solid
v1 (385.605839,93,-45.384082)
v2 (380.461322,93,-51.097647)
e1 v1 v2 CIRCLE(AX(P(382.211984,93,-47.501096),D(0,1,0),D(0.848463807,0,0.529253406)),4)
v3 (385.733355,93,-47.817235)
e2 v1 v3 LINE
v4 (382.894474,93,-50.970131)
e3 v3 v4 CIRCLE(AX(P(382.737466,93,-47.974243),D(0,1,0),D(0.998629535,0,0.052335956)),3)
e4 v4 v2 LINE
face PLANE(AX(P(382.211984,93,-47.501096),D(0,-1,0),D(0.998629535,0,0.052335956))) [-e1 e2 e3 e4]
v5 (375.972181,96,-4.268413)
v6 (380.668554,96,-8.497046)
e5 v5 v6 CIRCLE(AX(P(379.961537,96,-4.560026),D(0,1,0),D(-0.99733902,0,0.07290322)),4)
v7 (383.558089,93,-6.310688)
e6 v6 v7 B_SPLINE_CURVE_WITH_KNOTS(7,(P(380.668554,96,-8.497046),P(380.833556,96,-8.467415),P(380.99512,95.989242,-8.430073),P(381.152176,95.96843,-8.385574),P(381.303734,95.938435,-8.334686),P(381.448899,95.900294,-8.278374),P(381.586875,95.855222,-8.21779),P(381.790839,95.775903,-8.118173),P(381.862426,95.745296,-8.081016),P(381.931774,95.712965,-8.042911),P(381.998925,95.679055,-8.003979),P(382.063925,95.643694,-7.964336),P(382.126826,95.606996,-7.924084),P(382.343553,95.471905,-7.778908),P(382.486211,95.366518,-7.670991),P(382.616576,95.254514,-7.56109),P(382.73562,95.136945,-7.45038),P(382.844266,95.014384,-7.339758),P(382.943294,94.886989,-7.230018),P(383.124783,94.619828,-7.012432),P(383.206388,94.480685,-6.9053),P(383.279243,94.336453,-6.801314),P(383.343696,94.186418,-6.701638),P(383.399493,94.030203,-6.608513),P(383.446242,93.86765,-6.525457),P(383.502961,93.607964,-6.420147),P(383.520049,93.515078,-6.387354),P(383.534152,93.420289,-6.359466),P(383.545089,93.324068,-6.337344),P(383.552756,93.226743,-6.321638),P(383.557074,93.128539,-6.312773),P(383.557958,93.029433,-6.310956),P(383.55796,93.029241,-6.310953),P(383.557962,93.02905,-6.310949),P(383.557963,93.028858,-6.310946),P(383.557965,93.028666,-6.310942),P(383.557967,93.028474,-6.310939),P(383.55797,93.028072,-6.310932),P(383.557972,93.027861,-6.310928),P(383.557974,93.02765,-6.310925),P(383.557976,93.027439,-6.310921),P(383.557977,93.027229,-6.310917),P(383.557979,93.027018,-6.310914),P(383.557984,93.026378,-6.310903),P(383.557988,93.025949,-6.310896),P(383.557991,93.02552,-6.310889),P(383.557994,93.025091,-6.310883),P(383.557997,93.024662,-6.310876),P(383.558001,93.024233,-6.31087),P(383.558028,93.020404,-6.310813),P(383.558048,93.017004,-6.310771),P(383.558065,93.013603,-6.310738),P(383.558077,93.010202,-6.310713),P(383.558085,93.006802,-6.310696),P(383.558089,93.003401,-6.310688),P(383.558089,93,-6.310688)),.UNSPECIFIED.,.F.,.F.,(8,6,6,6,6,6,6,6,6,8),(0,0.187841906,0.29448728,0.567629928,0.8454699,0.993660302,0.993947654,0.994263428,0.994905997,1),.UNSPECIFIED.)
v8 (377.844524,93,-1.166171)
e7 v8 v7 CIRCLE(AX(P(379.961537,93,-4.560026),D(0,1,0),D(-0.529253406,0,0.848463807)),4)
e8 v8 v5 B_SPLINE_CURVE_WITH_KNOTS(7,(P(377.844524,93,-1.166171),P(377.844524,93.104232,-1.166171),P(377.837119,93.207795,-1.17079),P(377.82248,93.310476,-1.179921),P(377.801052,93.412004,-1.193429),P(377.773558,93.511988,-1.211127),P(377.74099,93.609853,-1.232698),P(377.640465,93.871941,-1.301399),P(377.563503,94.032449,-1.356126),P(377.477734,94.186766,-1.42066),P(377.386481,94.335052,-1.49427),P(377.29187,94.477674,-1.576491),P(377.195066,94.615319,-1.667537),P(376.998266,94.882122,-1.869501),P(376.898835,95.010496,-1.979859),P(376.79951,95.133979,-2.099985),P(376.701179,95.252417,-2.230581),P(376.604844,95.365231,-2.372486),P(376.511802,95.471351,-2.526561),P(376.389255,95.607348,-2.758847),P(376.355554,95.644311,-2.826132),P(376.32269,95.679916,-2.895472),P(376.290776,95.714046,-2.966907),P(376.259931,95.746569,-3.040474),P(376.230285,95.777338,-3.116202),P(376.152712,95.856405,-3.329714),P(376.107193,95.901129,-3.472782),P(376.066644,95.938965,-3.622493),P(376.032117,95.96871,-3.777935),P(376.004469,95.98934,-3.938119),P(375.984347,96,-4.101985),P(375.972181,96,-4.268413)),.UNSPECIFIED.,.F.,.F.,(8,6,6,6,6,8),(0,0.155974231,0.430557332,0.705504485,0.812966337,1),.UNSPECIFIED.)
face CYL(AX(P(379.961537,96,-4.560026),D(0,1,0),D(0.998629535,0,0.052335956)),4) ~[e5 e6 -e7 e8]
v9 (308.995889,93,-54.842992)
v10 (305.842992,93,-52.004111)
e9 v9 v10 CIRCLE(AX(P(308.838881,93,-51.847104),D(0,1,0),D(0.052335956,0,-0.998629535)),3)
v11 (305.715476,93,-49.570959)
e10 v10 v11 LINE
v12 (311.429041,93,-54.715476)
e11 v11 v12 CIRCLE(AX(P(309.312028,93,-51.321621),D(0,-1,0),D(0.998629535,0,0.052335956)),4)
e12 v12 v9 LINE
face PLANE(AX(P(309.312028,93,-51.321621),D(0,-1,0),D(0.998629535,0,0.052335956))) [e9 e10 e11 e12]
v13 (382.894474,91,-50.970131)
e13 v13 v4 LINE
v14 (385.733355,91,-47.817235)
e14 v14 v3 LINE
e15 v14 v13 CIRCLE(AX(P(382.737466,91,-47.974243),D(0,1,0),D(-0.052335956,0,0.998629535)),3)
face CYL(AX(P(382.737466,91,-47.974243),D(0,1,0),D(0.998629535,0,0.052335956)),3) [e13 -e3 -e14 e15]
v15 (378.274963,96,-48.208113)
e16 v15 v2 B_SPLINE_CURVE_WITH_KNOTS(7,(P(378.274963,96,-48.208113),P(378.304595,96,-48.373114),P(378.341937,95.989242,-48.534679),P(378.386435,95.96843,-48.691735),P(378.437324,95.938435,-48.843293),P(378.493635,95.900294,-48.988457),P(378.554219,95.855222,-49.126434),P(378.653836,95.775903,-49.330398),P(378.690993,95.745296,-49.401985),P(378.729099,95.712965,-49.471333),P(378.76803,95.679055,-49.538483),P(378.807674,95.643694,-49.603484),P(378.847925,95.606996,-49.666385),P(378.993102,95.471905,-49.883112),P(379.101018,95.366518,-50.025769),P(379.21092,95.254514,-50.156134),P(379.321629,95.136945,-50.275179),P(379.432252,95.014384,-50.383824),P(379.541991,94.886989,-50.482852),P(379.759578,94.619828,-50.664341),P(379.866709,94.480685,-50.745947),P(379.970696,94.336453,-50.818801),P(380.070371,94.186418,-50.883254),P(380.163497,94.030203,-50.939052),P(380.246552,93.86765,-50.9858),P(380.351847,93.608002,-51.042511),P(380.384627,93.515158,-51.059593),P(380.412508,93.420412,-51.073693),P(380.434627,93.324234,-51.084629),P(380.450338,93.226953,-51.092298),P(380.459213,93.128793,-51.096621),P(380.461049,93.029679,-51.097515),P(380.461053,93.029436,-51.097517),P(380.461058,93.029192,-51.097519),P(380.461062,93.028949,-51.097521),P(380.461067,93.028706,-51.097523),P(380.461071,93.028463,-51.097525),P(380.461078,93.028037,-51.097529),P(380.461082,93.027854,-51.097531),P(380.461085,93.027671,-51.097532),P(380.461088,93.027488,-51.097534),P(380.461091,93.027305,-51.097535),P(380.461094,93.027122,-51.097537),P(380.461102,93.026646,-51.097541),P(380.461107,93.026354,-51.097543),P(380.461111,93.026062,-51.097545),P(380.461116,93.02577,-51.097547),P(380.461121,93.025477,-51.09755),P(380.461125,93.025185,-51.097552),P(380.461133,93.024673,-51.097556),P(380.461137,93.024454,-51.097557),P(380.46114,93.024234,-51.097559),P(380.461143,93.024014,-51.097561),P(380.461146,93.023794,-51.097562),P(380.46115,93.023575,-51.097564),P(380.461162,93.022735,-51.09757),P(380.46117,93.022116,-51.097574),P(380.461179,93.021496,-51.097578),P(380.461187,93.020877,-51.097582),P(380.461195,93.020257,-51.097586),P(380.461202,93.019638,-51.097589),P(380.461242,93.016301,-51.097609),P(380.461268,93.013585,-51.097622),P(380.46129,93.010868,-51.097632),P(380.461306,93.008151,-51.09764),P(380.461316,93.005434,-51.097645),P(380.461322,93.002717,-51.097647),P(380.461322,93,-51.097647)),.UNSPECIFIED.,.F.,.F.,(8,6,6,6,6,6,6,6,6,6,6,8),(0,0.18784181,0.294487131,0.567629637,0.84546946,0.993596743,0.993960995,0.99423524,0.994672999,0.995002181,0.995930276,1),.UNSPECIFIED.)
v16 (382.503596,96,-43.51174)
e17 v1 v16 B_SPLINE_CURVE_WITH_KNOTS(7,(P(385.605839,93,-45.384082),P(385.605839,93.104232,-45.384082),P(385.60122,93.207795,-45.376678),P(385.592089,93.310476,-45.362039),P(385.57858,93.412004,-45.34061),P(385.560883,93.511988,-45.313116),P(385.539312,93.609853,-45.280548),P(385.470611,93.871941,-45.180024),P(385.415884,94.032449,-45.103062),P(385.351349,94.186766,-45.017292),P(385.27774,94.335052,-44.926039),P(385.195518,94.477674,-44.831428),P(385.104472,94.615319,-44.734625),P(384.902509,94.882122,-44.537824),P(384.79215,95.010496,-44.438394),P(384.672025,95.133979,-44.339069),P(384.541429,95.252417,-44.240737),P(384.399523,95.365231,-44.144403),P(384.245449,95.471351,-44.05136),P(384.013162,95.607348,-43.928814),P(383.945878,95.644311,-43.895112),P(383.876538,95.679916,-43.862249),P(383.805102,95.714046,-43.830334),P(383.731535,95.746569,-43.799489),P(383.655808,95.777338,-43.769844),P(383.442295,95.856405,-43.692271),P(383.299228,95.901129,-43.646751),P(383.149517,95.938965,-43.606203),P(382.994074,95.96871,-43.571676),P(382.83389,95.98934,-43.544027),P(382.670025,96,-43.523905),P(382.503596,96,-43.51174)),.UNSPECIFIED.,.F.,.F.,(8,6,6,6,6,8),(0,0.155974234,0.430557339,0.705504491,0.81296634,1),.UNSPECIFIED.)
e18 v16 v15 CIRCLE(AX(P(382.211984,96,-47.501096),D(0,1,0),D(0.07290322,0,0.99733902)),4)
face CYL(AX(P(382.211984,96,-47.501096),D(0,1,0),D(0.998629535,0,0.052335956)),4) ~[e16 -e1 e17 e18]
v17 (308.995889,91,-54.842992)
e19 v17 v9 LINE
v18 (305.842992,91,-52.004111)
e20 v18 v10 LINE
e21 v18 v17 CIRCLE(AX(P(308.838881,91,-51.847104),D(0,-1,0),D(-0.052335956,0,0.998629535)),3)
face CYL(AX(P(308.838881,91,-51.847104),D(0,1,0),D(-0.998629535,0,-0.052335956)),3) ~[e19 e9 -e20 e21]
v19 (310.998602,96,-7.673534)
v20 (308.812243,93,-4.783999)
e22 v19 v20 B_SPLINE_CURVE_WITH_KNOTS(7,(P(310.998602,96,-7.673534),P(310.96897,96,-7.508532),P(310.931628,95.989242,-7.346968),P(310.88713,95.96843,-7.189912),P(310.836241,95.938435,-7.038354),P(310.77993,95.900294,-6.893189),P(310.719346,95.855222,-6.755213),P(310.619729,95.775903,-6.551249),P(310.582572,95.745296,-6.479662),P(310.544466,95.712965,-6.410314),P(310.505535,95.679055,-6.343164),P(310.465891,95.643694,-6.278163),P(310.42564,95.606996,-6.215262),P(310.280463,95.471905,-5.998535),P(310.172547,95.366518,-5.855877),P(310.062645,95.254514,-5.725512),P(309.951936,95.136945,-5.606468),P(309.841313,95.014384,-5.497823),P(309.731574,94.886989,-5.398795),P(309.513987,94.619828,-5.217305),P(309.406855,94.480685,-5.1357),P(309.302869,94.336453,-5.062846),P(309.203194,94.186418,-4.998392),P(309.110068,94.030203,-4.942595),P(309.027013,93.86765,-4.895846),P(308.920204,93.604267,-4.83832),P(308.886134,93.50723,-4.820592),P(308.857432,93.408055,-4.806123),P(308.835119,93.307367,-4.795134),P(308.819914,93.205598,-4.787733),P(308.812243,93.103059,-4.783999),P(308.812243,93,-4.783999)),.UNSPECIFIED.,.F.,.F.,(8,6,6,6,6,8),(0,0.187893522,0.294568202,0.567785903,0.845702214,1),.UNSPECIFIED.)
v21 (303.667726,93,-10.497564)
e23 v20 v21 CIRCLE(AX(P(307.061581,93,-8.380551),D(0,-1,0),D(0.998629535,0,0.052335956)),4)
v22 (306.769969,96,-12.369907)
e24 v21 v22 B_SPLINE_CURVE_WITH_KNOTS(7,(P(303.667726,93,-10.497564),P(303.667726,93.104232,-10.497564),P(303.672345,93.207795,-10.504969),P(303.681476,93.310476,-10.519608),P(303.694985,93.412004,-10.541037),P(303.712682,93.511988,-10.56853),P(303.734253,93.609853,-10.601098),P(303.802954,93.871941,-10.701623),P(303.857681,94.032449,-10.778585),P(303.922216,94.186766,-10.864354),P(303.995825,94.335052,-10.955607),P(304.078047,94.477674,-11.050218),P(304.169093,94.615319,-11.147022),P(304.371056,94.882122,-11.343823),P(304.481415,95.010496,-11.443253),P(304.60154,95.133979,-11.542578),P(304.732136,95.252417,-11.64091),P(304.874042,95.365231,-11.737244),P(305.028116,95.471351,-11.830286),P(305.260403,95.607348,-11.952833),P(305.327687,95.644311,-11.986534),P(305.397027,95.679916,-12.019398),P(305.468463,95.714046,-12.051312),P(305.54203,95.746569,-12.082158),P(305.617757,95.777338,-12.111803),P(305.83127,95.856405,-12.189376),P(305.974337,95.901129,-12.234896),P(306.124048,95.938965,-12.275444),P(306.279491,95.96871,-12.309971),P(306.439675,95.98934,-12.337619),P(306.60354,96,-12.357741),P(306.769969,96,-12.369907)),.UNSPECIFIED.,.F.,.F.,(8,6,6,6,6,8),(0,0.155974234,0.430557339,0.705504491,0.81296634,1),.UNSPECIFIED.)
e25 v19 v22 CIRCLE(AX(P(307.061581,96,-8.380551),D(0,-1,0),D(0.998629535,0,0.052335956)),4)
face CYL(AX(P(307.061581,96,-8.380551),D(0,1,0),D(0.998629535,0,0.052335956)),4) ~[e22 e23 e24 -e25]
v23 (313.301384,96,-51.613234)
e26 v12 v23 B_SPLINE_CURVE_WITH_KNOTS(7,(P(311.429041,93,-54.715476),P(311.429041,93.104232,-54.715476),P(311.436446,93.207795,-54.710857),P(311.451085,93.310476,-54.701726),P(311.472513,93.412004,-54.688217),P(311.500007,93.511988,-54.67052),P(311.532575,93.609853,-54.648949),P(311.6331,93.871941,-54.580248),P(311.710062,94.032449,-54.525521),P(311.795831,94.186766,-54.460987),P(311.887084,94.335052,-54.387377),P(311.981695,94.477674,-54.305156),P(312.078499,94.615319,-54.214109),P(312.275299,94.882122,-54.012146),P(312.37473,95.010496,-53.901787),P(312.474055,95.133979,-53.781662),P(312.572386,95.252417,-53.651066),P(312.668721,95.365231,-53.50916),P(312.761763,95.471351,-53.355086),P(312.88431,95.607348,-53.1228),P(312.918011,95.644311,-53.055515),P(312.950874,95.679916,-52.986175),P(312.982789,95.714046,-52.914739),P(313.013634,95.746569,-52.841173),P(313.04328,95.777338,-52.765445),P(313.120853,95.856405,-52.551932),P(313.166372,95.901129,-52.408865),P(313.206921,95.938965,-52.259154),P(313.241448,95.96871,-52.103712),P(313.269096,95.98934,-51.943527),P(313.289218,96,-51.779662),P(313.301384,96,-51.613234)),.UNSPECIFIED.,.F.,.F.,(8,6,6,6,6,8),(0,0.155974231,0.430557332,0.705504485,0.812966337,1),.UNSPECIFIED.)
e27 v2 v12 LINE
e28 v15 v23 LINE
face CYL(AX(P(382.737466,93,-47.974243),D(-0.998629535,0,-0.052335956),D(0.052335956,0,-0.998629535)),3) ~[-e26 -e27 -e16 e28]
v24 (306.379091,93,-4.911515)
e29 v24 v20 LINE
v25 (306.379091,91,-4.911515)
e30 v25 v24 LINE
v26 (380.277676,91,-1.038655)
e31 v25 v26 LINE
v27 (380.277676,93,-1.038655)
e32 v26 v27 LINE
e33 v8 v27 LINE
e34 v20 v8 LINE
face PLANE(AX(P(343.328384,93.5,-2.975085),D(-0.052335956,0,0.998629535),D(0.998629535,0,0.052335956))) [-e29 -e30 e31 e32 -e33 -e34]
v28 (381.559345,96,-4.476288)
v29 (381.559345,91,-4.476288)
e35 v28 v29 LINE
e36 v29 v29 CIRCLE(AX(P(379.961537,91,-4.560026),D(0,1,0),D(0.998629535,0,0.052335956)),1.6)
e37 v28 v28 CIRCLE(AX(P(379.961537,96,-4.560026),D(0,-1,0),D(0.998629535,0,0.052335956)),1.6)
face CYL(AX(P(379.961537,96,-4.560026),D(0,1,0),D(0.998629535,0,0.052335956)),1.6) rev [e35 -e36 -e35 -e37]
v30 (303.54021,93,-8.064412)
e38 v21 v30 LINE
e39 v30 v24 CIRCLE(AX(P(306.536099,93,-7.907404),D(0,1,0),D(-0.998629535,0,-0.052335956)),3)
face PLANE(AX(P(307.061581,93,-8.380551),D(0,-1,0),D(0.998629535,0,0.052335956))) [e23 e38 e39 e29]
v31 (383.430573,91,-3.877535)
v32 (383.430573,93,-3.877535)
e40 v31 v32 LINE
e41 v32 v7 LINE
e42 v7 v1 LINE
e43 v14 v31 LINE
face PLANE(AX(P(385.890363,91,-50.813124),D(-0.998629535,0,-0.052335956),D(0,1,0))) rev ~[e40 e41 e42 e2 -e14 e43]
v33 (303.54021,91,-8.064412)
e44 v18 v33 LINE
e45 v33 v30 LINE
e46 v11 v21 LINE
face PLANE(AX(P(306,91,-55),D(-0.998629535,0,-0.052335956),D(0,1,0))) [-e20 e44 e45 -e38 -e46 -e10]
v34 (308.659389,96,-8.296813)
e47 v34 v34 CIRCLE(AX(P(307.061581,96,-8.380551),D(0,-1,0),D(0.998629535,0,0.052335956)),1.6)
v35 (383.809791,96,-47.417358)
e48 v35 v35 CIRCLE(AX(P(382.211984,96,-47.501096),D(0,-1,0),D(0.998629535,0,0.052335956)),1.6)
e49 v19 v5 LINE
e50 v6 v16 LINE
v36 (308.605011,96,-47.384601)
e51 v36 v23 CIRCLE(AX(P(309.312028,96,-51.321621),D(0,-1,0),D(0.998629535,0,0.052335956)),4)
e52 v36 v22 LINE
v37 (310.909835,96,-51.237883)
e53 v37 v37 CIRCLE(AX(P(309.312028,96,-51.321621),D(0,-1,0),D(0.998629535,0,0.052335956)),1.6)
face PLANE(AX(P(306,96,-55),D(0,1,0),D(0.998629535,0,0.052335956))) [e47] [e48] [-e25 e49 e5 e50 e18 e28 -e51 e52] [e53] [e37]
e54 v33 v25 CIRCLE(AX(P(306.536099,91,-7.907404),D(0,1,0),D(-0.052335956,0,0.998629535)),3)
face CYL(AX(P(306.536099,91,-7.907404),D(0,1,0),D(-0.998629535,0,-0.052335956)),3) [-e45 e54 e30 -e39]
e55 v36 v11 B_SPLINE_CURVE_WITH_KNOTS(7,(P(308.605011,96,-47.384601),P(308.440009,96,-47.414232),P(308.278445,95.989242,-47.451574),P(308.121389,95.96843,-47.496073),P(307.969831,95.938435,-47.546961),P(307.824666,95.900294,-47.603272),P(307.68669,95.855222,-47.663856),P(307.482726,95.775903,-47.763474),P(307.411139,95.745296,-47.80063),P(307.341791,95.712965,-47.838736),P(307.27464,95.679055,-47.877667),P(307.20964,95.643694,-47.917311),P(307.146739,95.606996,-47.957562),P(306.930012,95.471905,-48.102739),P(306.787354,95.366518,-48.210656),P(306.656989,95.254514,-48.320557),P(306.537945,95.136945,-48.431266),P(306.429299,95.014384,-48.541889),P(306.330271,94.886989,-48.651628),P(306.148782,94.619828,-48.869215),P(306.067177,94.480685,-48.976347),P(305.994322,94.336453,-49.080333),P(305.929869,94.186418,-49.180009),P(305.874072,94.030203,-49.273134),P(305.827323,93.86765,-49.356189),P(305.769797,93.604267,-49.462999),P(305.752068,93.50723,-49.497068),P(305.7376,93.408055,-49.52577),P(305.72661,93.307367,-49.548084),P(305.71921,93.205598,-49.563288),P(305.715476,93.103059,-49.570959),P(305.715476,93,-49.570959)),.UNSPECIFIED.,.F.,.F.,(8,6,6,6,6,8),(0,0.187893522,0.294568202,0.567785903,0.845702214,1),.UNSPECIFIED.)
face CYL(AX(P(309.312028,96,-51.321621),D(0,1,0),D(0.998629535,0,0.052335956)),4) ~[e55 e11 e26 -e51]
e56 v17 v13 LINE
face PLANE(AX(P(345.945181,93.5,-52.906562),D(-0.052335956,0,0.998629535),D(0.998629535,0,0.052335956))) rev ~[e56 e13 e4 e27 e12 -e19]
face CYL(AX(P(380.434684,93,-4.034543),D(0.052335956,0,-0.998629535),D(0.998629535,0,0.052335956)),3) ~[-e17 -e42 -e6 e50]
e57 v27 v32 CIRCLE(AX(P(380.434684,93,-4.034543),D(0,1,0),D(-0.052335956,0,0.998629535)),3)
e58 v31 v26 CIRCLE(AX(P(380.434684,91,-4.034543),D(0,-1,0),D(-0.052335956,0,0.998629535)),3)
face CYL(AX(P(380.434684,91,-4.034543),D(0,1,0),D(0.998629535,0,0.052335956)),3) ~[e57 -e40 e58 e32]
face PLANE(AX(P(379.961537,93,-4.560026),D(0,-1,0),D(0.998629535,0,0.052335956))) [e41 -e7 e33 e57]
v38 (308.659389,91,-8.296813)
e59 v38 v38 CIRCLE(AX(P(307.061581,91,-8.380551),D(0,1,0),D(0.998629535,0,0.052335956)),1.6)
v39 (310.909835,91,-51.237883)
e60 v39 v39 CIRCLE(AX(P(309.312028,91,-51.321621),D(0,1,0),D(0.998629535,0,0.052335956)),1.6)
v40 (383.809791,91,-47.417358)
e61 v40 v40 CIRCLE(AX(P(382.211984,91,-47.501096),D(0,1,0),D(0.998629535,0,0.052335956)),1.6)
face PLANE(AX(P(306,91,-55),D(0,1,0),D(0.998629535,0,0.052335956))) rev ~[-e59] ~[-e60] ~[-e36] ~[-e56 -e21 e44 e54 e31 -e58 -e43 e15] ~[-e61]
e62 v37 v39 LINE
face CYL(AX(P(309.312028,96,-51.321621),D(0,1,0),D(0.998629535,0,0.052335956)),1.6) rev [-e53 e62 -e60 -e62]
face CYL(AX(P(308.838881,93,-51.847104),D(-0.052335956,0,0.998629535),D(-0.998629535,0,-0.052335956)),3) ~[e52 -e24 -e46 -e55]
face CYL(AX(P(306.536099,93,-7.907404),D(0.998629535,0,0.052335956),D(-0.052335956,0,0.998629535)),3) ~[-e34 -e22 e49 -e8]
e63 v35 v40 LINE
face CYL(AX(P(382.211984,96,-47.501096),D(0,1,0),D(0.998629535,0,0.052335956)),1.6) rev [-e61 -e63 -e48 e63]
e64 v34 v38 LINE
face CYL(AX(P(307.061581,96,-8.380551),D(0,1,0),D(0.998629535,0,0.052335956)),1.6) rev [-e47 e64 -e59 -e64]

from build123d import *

# Parameters (mm, degrees)
CYLINDER083_R          = 1.6
CYLINDER083_DEPTH      = 10
CYLINDER081_R          = 1.6
CYLINDER081_DEPTH      = 10
CYLINDER082_R          = 1.6
CYLINDER082_DEPTH      = 10
CYLINDER084_R          = 1.6
CYLINDER084_DEPTH      = 10
CYLINDER095_R          = 4
CYLINDER095_DEPTH      = 3
CYLINDER096_R          = 4
CYLINDER096_DEPTH      = 3
CYLINDER097_R          = 4
CYLINDER097_DEPTH      = 3
CYLINDER094_R          = 4
CYLINDER094_DEPTH      = 3
BOX039_W               = 80
BOX039_H               = 5
BOX039_DEPTH           = 50
FILLET028_R            = 3
FILLET029_R            = 3
CUT063_PLACEMENT_ANGLE = 3


with BuildPart() as cylinder083:
    # Cylinder083 → Cylinder083 (new body)
    with BuildSketch(Plane(origin=(76.5, 96, 46.5), x_dir=(1, 0, 0), z_dir=(0, -1, 0))):
        Circle(CYLINDER083_R)
    extrude(amount=CYLINDER083_DEPTH)


with BuildPart() as cylinder081:
    # Cylinder081 → Cylinder081 (new body)
    with BuildSketch(Plane(origin=(76.5, 96, 3.5), x_dir=(1, 0, 0), z_dir=(0, -1, 0))):
        Circle(CYLINDER081_R)
    extrude(amount=CYLINDER081_DEPTH)


with BuildPart() as cylinder082:
    # Cylinder082 → Cylinder082 (new body)
    with BuildSketch(Plane(origin=(3.5, 96, 46.5), x_dir=(1, 0, 0), z_dir=(0, -1, 0))):
        Circle(CYLINDER082_R)
    extrude(amount=CYLINDER082_DEPTH)


with BuildPart() as fusion073:
    # Cylinder084 → Cylinder084 (new body)
    with BuildSketch(Plane(origin=(3.5, 96, 3.5), x_dir=(1, 0, 0), z_dir=(0, -1, 0))):
        Circle(CYLINDER084_R)
    extrude(amount=CYLINDER084_DEPTH)

    # Fusion073: union Cylinder083, Cylinder081, Cylinder082
    add(cylinder083.part)
    add(cylinder081.part)
    add(cylinder082.part)


with BuildPart() as fusion073_1:
    # Fusion073 placement: moved
    add(fusion073.part.moved(Location((0, 5, 0))))


with BuildPart() as cylinder095:
    # Cylinder095 → Cylinder095 (new body)
    with BuildSketch(Plane(origin=(76.5, 96, 46.5), x_dir=(1, 0, 0), z_dir=(0, -1, 0))):
        Circle(CYLINDER095_R)
    extrude(amount=CYLINDER095_DEPTH)


with BuildPart() as cylinder096:
    # Cylinder096 → Cylinder096 (new body)
    with BuildSketch(Plane(origin=(76.5, 96, 3.5), x_dir=(1, 0, 0), z_dir=(0, -1, 0))):
        Circle(CYLINDER096_R)
    extrude(amount=CYLINDER096_DEPTH)


with BuildPart() as cylinder097:
    # Cylinder097 → Cylinder097 (new body)
    with BuildSketch(Plane(origin=(3.5, 96, 46.5), x_dir=(1, 0, 0), z_dir=(0, -1, 0))):
        Circle(CYLINDER097_R)
    extrude(amount=CYLINDER097_DEPTH)


with BuildPart() as fusion082:
    # Cylinder094 → Cylinder094 (new body)
    with BuildSketch(Plane(origin=(3.5, 96, 3.5), x_dir=(1, 0, 0), z_dir=(0, -1, 0))):
        Circle(CYLINDER094_R)
    extrude(amount=CYLINDER094_DEPTH)

    # Fusion082: union Cylinder095, Cylinder096, Cylinder097
    add(cylinder095.part)
    add(cylinder096.part)
    add(cylinder097.part)


with BuildPart() as fusion082_1:
    # Fusion082 placement: moved
    add(fusion082.part.moved(Location((0, 5, 0))))


with BuildPart() as battery_holder_cap:
    # Box039 → Box039 (new body)
    with BuildSketch(Plane(origin=(0, 96, 0), x_dir=(1, 0, 0), z_dir=(0, 0, 1))):
        with Locations((40, 2.5)):
            Rectangle(BOX039_W, BOX039_H)
    extrude(amount=BOX039_DEPTH)

    # Fillet028
    fillet028_edges = [battery_holder_cap.edges().sort_by_distance(p)[0] for p in [
        (0, 98.5, 50),
        (0, 98.5, 0),
        (80, 98.5, 50),
        (80, 98.5, 0),
    ]]
    fillet(fillet028_edges, radius=FILLET028_R)

    # Fillet029
    fillet029_edges = [battery_holder_cap.edges().sort_by_distance(p)[0] for p in [
        (0, 101, 25),
        (40, 101, 0),
        (80, 101, 25),
        (40, 101, 50),
    ]]
    fillet(fillet029_edges, radius=FILLET029_R)

    # Fusion102: union Fusion082
    add(fusion082_1.part)

    # Cut063: cut Fusion073
    add(fusion073_1.part, mode=Mode.SUBTRACT)


with BuildPart() as battery_holder_cap_1:
    # Cut063 placement: moved
    add(battery_holder_cap.part.moved(Location((306, -5, -55))).rotate(Axis((306, -5, -55), (0, -1, 0)), CUT063_PLACEMENT_ANGLE))


solid = battery_holder_cap_1.part
